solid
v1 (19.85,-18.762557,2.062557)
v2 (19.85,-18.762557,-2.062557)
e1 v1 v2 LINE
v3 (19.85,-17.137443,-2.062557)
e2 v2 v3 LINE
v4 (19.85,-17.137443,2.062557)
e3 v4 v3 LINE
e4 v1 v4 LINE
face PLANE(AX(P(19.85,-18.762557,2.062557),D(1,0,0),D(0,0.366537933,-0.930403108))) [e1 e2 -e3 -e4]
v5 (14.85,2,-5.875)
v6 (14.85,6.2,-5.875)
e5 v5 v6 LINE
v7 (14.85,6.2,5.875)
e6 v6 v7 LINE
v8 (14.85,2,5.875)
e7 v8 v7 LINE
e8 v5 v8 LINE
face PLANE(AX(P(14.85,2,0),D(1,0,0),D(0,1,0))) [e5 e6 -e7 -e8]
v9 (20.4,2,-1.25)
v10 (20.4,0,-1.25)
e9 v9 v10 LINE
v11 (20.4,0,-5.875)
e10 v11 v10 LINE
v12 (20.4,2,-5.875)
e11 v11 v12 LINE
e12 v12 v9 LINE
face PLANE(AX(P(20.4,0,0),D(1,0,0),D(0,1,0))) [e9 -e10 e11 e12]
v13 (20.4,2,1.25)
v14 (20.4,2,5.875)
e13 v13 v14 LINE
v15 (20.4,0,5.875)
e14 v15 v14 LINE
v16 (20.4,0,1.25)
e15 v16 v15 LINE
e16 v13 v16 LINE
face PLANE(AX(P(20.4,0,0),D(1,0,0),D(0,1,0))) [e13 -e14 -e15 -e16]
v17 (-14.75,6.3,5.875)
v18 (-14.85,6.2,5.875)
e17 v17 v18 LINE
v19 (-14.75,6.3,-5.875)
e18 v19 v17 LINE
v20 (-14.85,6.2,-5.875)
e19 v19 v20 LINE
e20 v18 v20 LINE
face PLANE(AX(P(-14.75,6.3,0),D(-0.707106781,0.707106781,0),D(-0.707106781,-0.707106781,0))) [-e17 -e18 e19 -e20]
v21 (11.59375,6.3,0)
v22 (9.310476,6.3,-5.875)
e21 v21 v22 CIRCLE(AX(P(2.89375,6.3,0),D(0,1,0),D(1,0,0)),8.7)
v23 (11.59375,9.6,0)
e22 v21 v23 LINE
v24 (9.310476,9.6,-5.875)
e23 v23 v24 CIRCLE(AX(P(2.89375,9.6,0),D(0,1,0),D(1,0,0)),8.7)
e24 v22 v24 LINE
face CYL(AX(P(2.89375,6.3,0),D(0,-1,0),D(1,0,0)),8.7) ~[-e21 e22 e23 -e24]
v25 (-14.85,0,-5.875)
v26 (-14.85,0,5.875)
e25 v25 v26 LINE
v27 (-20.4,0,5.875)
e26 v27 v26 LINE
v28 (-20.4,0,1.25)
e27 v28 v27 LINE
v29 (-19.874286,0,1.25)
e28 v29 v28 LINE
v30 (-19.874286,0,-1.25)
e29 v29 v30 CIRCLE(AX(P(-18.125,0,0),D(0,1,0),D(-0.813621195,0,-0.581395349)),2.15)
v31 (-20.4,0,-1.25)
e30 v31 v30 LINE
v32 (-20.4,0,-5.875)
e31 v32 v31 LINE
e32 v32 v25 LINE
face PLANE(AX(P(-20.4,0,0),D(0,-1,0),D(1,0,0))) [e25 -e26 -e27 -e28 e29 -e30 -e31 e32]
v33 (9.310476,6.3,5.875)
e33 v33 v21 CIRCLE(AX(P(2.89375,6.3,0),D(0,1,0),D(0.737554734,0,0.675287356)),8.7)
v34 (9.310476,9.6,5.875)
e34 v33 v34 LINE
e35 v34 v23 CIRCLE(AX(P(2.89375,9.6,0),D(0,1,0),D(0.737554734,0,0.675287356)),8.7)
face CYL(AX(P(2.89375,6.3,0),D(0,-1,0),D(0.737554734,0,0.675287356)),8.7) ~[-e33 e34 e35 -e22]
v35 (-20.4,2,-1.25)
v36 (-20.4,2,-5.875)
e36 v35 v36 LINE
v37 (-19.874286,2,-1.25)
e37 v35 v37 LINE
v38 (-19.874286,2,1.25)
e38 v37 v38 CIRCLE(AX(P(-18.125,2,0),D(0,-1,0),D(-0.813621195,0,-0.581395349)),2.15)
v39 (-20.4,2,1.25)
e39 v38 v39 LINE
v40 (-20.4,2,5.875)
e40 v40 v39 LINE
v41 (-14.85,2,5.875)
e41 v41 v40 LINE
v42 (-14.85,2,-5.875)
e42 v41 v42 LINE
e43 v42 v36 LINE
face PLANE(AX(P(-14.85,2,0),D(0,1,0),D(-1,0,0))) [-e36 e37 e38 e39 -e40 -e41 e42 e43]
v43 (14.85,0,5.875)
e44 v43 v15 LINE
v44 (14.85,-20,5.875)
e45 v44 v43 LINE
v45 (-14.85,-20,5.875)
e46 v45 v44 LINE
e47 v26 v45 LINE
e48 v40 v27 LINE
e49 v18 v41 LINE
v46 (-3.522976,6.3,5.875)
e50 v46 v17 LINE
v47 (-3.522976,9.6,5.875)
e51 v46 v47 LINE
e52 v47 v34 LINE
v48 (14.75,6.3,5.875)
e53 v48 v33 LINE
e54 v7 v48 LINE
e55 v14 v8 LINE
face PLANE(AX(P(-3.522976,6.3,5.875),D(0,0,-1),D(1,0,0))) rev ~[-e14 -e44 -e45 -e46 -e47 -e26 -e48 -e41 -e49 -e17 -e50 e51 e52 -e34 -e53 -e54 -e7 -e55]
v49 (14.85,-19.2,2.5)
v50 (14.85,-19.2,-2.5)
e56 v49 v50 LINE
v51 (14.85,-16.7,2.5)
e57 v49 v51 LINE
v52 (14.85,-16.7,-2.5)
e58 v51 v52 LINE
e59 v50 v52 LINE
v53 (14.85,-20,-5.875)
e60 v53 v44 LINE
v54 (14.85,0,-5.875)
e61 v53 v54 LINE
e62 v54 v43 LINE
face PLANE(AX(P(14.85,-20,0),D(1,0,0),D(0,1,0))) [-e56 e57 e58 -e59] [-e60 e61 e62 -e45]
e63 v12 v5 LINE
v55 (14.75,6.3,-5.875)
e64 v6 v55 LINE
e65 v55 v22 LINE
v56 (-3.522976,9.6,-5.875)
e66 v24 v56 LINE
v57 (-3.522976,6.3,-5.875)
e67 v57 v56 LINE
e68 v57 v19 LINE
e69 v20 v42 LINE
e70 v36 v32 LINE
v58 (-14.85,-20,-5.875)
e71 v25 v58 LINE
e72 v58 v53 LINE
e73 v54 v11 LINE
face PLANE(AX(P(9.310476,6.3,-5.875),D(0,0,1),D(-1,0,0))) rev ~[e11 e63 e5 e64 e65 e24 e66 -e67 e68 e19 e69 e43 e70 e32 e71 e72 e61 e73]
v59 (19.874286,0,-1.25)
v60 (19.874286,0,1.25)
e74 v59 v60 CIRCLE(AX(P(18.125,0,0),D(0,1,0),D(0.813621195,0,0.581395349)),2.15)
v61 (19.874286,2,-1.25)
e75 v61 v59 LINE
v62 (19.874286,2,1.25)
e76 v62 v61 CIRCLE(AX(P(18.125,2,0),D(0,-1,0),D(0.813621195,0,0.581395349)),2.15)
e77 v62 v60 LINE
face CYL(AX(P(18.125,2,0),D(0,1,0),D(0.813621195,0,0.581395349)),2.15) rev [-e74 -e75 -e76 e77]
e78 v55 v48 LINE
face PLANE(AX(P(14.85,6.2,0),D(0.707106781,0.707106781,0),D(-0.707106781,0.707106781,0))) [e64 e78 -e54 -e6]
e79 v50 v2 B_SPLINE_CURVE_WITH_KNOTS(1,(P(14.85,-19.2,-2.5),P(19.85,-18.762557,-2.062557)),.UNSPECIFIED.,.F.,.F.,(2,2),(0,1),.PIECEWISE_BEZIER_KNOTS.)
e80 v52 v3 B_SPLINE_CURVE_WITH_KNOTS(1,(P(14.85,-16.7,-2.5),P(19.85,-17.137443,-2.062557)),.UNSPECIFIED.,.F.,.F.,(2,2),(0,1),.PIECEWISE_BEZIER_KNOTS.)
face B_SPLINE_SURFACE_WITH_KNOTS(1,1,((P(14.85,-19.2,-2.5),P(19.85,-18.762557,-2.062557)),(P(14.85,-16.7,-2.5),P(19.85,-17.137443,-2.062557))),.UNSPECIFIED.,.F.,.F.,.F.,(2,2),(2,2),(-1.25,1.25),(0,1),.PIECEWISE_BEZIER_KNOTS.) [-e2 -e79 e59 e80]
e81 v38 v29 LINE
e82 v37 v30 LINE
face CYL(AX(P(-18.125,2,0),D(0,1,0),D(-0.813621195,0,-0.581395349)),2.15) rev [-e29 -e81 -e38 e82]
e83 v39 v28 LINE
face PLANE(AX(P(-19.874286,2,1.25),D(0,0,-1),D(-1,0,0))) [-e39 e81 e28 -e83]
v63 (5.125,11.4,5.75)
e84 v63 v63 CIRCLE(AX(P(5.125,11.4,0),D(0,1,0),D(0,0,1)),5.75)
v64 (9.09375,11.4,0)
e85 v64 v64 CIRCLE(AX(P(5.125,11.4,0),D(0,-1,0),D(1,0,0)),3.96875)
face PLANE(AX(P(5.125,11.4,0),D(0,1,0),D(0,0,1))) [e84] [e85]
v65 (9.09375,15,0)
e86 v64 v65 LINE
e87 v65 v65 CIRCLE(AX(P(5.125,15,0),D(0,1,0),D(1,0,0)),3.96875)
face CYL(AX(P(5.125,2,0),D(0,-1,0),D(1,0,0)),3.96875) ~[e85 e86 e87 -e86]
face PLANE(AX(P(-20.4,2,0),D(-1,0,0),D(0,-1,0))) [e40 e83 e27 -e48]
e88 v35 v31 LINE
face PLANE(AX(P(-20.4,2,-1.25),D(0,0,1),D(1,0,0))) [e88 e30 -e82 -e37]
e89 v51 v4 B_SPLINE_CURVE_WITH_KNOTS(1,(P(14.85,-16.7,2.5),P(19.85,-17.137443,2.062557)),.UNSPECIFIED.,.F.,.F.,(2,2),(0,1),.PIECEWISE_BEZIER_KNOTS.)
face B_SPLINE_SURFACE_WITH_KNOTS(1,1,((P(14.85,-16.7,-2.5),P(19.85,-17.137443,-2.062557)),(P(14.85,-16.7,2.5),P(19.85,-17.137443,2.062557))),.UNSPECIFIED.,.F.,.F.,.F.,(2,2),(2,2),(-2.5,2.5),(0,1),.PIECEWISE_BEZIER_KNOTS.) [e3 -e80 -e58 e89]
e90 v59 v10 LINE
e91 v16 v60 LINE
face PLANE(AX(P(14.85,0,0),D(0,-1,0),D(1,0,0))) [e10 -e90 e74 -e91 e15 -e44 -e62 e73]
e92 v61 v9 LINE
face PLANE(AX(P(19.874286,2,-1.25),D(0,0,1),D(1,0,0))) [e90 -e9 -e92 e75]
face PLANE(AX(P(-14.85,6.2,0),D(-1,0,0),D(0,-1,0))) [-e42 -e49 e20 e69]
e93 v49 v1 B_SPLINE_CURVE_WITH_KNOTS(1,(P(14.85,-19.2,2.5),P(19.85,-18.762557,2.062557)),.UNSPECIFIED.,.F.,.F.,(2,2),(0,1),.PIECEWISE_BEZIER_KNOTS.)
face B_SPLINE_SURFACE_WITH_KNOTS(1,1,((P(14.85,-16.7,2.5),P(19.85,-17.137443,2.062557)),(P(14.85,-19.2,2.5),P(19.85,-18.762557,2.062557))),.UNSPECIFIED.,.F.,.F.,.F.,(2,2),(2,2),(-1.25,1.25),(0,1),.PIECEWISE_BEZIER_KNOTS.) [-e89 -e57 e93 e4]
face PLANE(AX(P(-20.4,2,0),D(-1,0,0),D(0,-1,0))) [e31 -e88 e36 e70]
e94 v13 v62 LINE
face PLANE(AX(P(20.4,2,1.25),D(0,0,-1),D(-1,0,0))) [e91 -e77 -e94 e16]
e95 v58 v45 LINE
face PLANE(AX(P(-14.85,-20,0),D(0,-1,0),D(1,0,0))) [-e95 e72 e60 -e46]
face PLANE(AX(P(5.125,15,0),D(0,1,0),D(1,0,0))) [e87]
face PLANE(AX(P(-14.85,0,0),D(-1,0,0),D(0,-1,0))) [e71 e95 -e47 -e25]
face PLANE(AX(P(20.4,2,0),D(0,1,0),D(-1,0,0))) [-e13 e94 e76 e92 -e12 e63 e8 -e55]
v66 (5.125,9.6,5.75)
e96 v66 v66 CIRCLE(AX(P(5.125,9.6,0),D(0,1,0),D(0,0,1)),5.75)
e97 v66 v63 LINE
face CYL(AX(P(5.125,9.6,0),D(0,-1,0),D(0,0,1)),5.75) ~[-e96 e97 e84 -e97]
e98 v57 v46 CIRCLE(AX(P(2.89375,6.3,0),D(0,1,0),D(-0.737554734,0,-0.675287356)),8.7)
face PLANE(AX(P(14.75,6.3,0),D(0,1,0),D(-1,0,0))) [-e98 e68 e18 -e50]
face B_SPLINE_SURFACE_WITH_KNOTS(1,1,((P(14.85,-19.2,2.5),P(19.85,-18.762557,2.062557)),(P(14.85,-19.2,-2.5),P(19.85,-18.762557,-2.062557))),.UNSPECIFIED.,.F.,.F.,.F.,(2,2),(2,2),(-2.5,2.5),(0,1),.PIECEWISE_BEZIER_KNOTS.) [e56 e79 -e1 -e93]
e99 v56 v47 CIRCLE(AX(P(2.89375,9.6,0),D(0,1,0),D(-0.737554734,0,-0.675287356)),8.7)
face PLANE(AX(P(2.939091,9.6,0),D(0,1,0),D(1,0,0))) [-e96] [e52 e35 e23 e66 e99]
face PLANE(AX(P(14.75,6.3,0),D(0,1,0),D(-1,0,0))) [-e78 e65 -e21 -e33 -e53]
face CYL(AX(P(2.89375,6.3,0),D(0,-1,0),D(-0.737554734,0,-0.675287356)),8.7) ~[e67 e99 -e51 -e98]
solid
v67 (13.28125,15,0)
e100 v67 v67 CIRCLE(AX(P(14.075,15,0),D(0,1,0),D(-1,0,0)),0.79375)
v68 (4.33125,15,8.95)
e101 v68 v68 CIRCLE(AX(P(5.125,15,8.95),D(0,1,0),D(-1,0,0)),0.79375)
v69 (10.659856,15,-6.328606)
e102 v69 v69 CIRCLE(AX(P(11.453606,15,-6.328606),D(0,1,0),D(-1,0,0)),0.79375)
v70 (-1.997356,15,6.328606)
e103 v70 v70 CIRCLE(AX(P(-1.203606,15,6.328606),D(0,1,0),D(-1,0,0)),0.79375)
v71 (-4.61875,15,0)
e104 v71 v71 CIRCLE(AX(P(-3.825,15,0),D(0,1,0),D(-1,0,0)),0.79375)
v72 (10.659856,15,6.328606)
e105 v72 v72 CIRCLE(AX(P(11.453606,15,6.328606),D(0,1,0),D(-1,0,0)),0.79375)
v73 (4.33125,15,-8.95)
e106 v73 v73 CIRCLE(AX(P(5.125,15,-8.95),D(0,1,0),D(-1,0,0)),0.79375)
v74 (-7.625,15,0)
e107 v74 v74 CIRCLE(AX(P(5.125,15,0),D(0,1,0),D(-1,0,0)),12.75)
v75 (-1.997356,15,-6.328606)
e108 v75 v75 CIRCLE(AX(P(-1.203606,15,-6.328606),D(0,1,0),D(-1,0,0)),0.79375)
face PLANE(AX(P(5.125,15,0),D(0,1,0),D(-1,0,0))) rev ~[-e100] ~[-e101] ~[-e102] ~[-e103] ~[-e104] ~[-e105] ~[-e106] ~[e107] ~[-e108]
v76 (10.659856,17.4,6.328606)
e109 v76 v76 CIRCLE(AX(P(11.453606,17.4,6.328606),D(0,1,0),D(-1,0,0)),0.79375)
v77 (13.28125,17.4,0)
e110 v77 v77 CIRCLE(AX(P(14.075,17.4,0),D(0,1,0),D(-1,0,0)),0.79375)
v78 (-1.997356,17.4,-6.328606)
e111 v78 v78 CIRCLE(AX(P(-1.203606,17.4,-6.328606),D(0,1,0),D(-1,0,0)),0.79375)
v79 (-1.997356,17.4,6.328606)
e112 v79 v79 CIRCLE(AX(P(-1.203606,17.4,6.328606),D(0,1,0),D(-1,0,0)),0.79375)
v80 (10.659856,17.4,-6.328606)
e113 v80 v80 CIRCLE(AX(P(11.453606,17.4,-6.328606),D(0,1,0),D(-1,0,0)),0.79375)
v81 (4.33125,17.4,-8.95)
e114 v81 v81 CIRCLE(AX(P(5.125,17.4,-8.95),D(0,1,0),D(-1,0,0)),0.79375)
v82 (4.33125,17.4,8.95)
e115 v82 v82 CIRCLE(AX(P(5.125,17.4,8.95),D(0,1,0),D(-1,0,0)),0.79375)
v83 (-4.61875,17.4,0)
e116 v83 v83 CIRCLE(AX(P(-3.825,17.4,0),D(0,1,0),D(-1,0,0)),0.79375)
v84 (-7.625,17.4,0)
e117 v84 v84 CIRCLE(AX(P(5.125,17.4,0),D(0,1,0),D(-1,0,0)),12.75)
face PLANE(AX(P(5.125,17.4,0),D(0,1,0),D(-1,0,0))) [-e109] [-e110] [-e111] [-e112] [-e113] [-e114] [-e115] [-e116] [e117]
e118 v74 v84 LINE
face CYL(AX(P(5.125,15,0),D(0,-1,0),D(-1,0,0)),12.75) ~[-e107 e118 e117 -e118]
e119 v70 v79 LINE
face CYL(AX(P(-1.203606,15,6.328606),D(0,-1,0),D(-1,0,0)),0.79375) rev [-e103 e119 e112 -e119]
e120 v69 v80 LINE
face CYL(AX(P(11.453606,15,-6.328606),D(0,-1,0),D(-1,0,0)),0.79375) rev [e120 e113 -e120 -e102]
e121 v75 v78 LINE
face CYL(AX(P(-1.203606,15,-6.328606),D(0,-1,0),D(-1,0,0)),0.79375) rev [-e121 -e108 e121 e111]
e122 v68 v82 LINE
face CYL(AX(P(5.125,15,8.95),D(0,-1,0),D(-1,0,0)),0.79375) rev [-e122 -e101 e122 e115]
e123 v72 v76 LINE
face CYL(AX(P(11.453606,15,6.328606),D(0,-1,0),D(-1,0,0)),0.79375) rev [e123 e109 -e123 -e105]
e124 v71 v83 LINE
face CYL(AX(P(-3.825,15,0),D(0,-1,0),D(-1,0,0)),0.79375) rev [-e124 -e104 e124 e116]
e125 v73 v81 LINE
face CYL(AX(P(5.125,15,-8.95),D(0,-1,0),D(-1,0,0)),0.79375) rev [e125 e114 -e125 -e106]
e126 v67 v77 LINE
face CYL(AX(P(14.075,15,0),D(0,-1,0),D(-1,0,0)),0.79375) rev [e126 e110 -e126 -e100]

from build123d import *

# Parameters (mm, degrees)
BOSS_EXTRUDE1_DEPTH   = 5.875
CUT_EXTRUDE1_REACH    = 32.572
SKETCH3_R             = 3.96875
BOSS_EXTRUDE2_DEPTH   = 13
SKETCH5_W             = 5
SKETCH5_H             = 2.5
BOSS_EXTRUDE4_DEPTH   = 5
BOSS_EXTRUDE4_TAPER   = 5
SKETCH6_R             = 3.96875
BOSS_EXTRUDE5_DEPTH   = 3.3
SKETCH7_R             = 5.75
BOSS_EXTRUDE6_DEPTH   = 1.8
SKETCH4_R             = 12.75
SKETCH4_R_2           = 0.79375
BOSS_EXTRUDE3_DEPTH   = 2.4
BODY_MOVE_COPY1_ANGLE = 30


with BuildPart() as part:
    # Sketch1 → Boss-Extrude1 (new, symmetric)
    with BuildSketch(Plane.XY):
        Polygon((-20.4, 2), (-20.4, 0), (-14.85, 0), (-14.85, -20), (14.85, -20), (14.85, 0), (20.4, 0), (20.4, 2), (14.85, 2), (14.85, 6.2), (14.75, 6.3), (-14.75, 6.3), (-14.85, 6.2), (-14.85, 2), align=None)
    extrude(amount=BOSS_EXTRUDE1_DEPTH, both=True)

    # Sketch2 → Cut-Extrude1 (cut, up to next)
    with BuildSketch(Plane(origin=(0, 2, 0), x_dir=(1, 0, 0), z_dir=(0, 1, 0)), mode=Mode.PRIVATE) as cut_extrude1_sk1:
        with BuildLine():
            Line((-20.4, 1.25), (-19.874285568, 1.25))
            ThreePointArc((-19.874285568, 1.25), (-15.975, 0), (-19.874285568, -1.25))
            Line((-19.874285568, -1.25), (-20.4, -1.25))
            Line((-20.4, -1.25), (-20.4, 1.25))
        make_face()
    cut_extrude1_tool1 = extrude(cut_extrude1_sk1.sketch, amount=-CUT_EXTRUDE1_REACH, mode=Mode.PRIVATE) & part.part
    # Sketch2 → Cut-Extrude1 (cut, up to next)
    with BuildSketch(Plane(origin=(0, 2, 0), x_dir=(1, 0, 0), z_dir=(0, 1, 0)), mode=Mode.PRIVATE) as cut_extrude1_sk2:
        with BuildLine():
            Line((20.4, 1.25), (20.4, -1.25))
            Line((20.4, -1.25), (19.874285568, -1.25))
            ThreePointArc((19.874285568, -1.25), (15.975, 0), (19.874285568, 1.25))
            Line((19.874285568, 1.25), (20.4, 1.25))
        make_face()
    cut_extrude1_tool2 = extrude(cut_extrude1_sk2.sketch, amount=-CUT_EXTRUDE1_REACH, mode=Mode.PRIVATE) & part.part
    add(cut_extrude1_tool1.solids().sort_by_distance((-18.213582, 2, 0))[0], mode=Mode.SUBTRACT)
    add(cut_extrude1_tool2.solids().sort_by_distance((18.213582, 2, 0))[0], mode=Mode.SUBTRACT)

    # Sketch3 → Boss-Extrude2 (add)
    with BuildSketch(Plane(origin=(0, 2, 0), x_dir=(1, 0, 0), z_dir=(0, 1, 0))):
        with Locations((5.125, 0)):
            Circle(SKETCH3_R)
    extrude(amount=BOSS_EXTRUDE2_DEPTH)

    # Sketch5 → Boss-Extrude4 (add)
    with BuildSketch(Plane(origin=(14.85, 0, 0), x_dir=(0, 0, -1), z_dir=(1, 0, 0))):
        with Locations((0, -17.95)):
            Rectangle(SKETCH5_W, SKETCH5_H)
    extrude(amount=BOSS_EXTRUDE4_DEPTH, taper=BOSS_EXTRUDE4_TAPER)

    # Sketch6 → Boss-Extrude5 (add)
    with BuildSketch(Plane(origin=(0, 6.3, 0), x_dir=(1, 0, 0), z_dir=(0, 1, 0))):
        with BuildLine():
            ThreePointArc((9.31047619, -5.875), (11.002865792, -3.151545823), (11.59375, 0))
            ThreePointArc((11.59375, 0), (11.002865792, 3.151545823), (9.31047619, 5.875))
            Line((9.31047619, 5.875), (-3.52297619, 5.875))
            ThreePointArc((-3.52297619, 5.875), (-5.80625, 0), (-3.52297619, -5.875))
            Line((-3.52297619, -5.875), (9.31047619, -5.875))
        make_face()
        with Locations((5.125, 0)):
            Circle(SKETCH6_R, mode=Mode.SUBTRACT)
    extrude(amount=BOSS_EXTRUDE5_DEPTH)

    # Sketch7 → Boss-Extrude6 (add)
    with BuildSketch(Plane(origin=(0, 9.6, 0), x_dir=(1, 0, 0), z_dir=(0, 1, 0))):
        with Locations(Location((5.125, 0, 0), (0, 0, 270))):
            Circle(SKETCH7_R)
    extrude(amount=BOSS_EXTRUDE6_DEPTH)


with BuildPart() as body_2:
    # Sketch4 → Boss-Extrude3 (new body)
    with BuildSketch(Plane(origin=(0, 15, 0), x_dir=(1, 0, 0), z_dir=(0, 1, 0))):
        with Locations(Location((5.125, 0, 0), (0, 0, 180))):
            Circle(SKETCH4_R)
        with Locations(Location((14.075, 0, 0), (0, 0, 180))):
            Circle(SKETCH4_R_2, mode=Mode.SUBTRACT)
        with Locations(Location((11.453605692, 6.328605692, 0), (0, 0, 180))):
            Circle(SKETCH4_R_2, mode=Mode.SUBTRACT)
        with Locations(Location((5.125, 8.95, 0), (0, 0, 180))):
            Circle(SKETCH4_R_2, mode=Mode.SUBTRACT)
        with Locations(Location((-3.825, 0, 0), (0, 0, 180))):
            Circle(SKETCH4_R_2, mode=Mode.SUBTRACT)
        with Locations(Location((-1.203605692, -6.328605692, 0), (0, 0, 180))):
            Circle(SKETCH4_R_2, mode=Mode.SUBTRACT)
        with Locations(Location((5.125, -8.95, 0), (0, 0, 180))):
            Circle(SKETCH4_R_2, mode=Mode.SUBTRACT)
        with Locations(Location((11.453605692, -6.328605692, 0), (0, 0, 180))):
            Circle(SKETCH4_R_2, mode=Mode.SUBTRACT)
        with Locations(Location((-1.203605692, 6.328605692, 0), (0, 0, 180))):
            Circle(SKETCH4_R_2, mode=Mode.SUBTRACT)
    extrude(amount=BOSS_EXTRUDE3_DEPTH)


with BuildPart() as body_2_1:
    # Body-Move/Copy1: moved
    add(body_2.part.rotate(Axis((5.125, 0, 0), (0, 1, 0)), BODY_MOVE_COPY1_ANGLE))


solid = Compound([part.part, body_2_1.part])
